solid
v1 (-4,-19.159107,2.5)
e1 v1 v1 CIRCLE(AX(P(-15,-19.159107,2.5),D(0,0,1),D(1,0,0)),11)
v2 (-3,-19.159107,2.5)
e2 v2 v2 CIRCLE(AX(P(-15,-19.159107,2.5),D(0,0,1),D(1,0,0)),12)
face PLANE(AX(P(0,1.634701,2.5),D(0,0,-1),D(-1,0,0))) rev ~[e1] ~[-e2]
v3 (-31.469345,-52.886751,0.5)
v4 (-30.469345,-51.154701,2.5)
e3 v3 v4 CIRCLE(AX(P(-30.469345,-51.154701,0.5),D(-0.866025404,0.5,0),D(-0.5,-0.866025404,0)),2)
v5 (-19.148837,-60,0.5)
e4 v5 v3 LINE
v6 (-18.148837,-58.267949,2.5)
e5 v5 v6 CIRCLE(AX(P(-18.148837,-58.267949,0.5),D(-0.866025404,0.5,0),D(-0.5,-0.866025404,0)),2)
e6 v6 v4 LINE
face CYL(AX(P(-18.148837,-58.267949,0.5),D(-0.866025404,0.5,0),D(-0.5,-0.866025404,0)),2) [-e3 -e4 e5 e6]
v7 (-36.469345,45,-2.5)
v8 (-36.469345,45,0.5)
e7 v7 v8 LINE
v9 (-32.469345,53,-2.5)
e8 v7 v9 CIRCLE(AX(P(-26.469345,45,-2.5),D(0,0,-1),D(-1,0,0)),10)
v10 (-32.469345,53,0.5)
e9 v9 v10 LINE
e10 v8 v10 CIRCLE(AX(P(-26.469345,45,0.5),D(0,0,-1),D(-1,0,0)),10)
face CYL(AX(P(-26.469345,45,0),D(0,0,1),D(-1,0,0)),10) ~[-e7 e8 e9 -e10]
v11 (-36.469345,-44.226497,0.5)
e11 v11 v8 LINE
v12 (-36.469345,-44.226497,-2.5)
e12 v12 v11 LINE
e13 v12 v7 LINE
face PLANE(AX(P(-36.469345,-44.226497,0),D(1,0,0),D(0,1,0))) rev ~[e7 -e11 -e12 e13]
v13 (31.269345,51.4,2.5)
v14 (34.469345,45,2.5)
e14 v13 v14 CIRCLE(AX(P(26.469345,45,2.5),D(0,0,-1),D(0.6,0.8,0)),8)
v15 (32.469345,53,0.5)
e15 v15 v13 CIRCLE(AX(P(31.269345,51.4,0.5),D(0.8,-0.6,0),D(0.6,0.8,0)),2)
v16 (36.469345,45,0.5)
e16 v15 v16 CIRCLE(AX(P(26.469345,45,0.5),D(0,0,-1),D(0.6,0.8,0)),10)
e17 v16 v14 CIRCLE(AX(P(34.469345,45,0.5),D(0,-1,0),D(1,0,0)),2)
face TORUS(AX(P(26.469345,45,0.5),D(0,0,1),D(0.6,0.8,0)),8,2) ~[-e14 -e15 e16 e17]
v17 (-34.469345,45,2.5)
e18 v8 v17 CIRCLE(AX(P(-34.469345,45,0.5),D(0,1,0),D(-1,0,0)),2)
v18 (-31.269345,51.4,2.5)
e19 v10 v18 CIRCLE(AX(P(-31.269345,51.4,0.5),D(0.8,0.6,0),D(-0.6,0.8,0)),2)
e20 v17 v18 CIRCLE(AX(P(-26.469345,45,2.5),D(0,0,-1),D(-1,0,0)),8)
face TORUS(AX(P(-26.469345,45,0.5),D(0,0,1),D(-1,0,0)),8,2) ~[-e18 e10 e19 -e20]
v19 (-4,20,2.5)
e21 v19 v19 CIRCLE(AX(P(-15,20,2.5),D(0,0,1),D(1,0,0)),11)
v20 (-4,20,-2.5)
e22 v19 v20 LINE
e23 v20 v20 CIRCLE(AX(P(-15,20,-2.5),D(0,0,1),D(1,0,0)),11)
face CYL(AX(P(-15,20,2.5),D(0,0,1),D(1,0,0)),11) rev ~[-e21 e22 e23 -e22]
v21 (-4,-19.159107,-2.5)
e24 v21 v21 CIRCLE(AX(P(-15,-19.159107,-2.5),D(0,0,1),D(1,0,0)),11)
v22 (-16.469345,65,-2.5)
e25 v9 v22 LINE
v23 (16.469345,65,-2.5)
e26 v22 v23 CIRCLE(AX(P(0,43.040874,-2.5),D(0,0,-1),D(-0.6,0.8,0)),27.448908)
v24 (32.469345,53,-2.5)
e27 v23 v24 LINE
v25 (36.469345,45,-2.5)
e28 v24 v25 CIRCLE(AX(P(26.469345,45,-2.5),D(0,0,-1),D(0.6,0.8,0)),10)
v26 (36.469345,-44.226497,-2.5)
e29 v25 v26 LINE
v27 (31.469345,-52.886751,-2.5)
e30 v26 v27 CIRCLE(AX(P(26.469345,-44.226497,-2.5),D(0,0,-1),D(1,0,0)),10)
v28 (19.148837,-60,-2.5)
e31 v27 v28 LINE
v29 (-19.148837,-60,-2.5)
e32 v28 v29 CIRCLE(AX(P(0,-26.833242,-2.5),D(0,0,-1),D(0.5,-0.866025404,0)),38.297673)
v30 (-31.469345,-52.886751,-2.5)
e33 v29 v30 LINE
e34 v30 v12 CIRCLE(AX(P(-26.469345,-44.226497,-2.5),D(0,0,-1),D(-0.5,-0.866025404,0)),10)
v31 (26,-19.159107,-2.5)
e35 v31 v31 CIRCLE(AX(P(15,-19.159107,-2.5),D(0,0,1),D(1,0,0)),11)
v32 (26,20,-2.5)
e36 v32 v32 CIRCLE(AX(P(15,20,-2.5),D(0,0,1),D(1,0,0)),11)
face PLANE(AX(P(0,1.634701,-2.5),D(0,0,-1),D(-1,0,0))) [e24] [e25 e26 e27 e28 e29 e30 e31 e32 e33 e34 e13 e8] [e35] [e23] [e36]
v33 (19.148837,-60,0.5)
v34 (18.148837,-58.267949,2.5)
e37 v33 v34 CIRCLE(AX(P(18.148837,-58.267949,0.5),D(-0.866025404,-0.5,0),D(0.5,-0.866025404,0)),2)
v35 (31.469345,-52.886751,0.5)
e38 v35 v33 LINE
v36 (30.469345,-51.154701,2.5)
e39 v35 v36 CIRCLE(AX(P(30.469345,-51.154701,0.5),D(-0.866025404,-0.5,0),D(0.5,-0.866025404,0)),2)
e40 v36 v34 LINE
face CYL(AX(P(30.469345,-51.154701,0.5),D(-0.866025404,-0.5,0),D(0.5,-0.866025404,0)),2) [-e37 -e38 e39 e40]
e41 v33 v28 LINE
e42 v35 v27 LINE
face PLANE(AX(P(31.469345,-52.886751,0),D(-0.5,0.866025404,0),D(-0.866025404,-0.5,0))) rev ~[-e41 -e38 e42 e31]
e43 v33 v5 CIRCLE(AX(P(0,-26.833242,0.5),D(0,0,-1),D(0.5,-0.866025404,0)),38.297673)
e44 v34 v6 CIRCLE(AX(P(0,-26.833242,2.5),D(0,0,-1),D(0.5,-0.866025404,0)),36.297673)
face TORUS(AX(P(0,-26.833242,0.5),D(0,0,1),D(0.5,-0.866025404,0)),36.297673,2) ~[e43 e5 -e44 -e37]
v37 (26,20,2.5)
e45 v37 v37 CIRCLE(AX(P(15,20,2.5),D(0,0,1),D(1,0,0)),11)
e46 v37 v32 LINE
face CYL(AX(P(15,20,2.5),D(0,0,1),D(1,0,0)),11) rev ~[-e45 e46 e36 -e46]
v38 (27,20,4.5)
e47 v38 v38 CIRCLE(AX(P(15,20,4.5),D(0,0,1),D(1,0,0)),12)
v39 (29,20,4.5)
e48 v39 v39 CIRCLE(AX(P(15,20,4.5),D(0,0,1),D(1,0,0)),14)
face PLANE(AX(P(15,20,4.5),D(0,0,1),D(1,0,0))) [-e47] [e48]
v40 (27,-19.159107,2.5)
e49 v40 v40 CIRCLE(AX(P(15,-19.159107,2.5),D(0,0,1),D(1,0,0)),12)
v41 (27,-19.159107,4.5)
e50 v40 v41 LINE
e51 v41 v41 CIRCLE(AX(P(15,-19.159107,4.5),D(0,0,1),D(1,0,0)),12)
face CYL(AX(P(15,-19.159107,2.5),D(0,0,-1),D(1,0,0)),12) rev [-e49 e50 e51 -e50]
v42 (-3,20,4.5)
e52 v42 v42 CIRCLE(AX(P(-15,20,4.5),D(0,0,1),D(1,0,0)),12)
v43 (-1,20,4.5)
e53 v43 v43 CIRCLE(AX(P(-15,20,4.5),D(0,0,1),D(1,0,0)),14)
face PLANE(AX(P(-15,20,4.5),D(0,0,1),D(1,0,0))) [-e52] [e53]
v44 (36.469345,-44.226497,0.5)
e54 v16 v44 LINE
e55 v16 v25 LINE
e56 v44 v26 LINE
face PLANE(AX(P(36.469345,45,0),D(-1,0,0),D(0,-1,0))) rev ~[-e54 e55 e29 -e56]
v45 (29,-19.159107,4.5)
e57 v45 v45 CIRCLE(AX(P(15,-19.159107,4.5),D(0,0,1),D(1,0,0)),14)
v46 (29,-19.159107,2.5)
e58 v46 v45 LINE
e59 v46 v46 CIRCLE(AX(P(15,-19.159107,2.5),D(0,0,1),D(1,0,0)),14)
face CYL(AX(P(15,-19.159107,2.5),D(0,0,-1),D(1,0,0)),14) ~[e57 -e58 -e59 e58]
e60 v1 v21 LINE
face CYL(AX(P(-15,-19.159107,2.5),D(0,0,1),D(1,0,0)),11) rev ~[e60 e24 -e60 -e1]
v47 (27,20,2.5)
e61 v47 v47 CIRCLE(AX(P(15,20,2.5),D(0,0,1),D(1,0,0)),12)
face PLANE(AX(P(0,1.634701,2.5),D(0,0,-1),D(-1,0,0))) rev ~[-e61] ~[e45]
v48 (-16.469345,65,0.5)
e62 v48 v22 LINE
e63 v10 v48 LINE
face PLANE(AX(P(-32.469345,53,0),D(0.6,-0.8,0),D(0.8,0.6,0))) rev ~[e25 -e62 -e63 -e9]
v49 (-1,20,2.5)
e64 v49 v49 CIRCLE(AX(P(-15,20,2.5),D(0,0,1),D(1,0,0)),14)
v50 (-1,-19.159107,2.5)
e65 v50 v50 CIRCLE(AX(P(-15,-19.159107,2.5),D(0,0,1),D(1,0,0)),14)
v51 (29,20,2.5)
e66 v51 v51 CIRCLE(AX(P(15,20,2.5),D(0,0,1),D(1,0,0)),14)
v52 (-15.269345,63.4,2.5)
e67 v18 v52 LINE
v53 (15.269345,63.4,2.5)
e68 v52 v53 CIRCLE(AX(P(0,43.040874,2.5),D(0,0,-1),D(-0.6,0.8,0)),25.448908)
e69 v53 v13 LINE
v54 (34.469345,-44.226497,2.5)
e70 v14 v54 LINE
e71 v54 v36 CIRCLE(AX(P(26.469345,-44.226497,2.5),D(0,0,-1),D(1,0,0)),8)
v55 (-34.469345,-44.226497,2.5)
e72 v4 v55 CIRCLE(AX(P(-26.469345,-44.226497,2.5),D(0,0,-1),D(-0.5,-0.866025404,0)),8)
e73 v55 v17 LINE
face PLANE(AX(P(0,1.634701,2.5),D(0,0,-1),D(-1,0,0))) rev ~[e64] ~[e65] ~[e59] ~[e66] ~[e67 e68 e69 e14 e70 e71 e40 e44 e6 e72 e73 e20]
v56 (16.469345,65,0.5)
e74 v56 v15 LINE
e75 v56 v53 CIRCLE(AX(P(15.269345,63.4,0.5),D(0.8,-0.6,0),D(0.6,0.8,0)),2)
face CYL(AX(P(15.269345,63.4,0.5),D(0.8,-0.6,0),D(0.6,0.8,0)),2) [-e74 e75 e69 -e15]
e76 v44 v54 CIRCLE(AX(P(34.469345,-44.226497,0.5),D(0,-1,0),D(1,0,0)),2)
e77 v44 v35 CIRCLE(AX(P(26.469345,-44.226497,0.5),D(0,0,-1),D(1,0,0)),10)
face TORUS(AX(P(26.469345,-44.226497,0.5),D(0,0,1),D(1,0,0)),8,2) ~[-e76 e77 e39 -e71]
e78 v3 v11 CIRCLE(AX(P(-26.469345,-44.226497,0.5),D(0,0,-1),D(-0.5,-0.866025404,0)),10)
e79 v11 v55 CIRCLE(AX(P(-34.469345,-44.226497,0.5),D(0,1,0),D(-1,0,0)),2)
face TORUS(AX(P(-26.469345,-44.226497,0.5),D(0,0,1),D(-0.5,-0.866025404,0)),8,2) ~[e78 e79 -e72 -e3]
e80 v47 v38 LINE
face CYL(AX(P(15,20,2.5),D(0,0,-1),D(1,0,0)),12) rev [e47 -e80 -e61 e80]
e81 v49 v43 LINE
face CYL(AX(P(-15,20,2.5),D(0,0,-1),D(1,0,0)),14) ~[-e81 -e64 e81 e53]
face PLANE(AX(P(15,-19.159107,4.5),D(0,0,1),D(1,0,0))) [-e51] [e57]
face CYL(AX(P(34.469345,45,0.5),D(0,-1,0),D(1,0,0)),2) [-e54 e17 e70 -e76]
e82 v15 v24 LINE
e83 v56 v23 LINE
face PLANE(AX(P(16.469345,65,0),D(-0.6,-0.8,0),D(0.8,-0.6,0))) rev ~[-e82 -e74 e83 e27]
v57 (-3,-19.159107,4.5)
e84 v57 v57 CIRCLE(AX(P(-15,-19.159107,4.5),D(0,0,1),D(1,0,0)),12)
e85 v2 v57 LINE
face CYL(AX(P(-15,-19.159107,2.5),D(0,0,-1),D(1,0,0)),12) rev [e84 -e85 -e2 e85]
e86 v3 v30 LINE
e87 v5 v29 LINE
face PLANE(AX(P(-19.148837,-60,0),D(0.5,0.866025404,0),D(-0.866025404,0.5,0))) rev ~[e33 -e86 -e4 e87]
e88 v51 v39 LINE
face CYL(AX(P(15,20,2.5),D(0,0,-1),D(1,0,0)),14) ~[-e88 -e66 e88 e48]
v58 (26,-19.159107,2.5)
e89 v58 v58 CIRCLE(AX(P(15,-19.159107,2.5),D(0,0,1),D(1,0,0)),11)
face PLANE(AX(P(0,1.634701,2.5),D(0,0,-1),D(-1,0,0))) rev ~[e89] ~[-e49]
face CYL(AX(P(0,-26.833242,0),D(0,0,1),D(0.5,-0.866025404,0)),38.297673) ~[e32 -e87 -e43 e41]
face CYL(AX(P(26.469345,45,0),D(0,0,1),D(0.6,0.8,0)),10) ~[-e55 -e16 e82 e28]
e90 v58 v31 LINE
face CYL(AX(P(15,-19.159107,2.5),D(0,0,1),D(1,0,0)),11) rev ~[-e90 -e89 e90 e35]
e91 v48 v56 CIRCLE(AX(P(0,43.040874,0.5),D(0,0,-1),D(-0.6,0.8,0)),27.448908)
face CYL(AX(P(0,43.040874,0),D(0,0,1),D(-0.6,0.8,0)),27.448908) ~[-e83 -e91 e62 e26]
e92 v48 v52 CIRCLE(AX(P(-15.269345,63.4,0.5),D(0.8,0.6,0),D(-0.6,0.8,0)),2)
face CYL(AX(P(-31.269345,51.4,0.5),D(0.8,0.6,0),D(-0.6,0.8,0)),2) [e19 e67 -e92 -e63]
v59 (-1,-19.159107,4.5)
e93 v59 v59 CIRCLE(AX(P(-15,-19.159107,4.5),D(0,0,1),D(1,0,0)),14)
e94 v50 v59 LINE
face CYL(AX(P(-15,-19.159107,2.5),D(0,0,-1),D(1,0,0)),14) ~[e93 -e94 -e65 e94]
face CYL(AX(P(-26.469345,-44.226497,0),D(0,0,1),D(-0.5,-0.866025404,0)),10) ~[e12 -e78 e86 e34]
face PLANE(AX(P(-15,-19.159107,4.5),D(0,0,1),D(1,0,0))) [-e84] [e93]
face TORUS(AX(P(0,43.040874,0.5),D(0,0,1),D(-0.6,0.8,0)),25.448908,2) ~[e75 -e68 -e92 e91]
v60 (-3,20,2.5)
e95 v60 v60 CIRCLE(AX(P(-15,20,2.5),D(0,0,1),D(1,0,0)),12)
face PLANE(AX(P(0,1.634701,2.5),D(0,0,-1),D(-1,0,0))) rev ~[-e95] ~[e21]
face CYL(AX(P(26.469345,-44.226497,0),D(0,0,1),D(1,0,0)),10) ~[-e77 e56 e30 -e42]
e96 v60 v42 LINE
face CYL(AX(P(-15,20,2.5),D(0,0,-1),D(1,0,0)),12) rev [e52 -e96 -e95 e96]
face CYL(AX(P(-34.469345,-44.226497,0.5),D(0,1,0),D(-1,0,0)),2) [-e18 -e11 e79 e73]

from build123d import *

# Parameters (mm, degrees)
BOSS_EXTRUDE4_DEPTH = 2.5
SKETCH7_R           = 11
CUT_EXTRUDE1_DEPTH  = 6
SKETCH8_R           = 14
SKETCH8_R_2         = 12
BOSS_EXTRUDE5_DEPTH = 2
FILLET1_R           = 2


with BuildPart() as part:
    # Sketch6 → Boss-Extrude4 (new body, symmetric)
    with BuildSketch(Plane.XY):
        with BuildLine():
            Line((-32.469344609, 53), (-16.469344609, 65))
            ThreePointArc((-16.469344609, 65), (0, 70.489781536), (16.469344609, 65))
            Line((16.469344609, 65), (32.469344609, 53))
            ThreePointArc((32.469344609, 53), (35.413616519, 49.472135955), (36.469344609, 45))
            Line((36.469344609, 45), (36.469344609, -44.226497308))
            ThreePointArc((36.469344609, -44.226497308), (35.129598647, -49.226497308), (31.469344609, -52.886751346))
            Line((31.469344609, -52.886751346), (19.148836533, -60))
            ThreePointArc((19.148836533, -60), (0, -65.130915285), (-19.148836533, -60))
            Line((-19.148836533, -60), (-31.469344609, -52.886751346))
            ThreePointArc((-31.469344609, -52.886751346), (-35.129598647, -49.226497308), (-36.469344609, -44.226497308))
            Line((-36.469344609, -44.226497308), (-36.469344609, 45))
            ThreePointArc((-36.469344609, 45), (-35.413616519, 49.472135955), (-32.469344609, 53))
        make_face()
    extrude(amount=BOSS_EXTRUDE4_DEPTH, both=True)

    # Sketch7 → Cut-Extrude1 (cut, through all)
    with BuildSketch(Plane.XY.offset(2.5)):
        with Locations((15, -19.159106742)):
            Circle(SKETCH7_R)
        with Locations((-15, -19.159106742)):
            Circle(SKETCH7_R)
        with Locations((-15, 20)):
            Circle(SKETCH7_R)
        with Locations((15, 20)):
            Circle(SKETCH7_R)
    extrude(amount=-CUT_EXTRUDE1_DEPTH, mode=Mode.SUBTRACT)

    # Sketch8 → Boss-Extrude5 (add)
    with BuildSketch(Plane.XY.offset(2.5)):
        with Locations((15, -19.159106742)):
            Circle(SKETCH8_R)
        with Locations((15, -19.159106742)):
            Circle(SKETCH8_R_2, mode=Mode.SUBTRACT)
        with Locations((-15, 20)):
            Circle(SKETCH8_R)
        with Locations((-15, 20)):
            Circle(SKETCH8_R_2, mode=Mode.SUBTRACT)
        with Locations((15, 20)):
            Circle(SKETCH8_R)
        with Locations((15, 20)):
            Circle(SKETCH8_R_2, mode=Mode.SUBTRACT)
        with Locations((-15, -19.159106742)):
            Circle(SKETCH8_R)
        with Locations((-15, -19.159106742)):
            Circle(SKETCH8_R_2, mode=Mode.SUBTRACT)
    extrude(amount=BOSS_EXTRUDE5_DEPTH)

    # Fillet1
    fillet1_edges = [part.edges().sort_by_distance(p)[0] for p in [
        (-35.413616519, 49.472135955, 2.5),
        (-36.469344609, 0.386751346, 2.5),
        (-35.129598647, -49.226497308, 2.5),
        (-25.309090571, -56.443375673, 2.5),
        (0, -65.130915285, 2.5),
        (25.309090571, -56.443375673, 2.5),
        (35.129598647, -49.226497308, 2.5),
        (36.469344609, 0.386751346, 2.5),
        (35.413616519, 49.472135955, 2.5),
        (24.469344609, 59, 2.5),
        (0, 70.489781536, 2.5),
        (-24.469344609, 59, 2.5),
    ]]
    fillet(fillet1_edges, radius=FILLET1_R)


solid = part.part
